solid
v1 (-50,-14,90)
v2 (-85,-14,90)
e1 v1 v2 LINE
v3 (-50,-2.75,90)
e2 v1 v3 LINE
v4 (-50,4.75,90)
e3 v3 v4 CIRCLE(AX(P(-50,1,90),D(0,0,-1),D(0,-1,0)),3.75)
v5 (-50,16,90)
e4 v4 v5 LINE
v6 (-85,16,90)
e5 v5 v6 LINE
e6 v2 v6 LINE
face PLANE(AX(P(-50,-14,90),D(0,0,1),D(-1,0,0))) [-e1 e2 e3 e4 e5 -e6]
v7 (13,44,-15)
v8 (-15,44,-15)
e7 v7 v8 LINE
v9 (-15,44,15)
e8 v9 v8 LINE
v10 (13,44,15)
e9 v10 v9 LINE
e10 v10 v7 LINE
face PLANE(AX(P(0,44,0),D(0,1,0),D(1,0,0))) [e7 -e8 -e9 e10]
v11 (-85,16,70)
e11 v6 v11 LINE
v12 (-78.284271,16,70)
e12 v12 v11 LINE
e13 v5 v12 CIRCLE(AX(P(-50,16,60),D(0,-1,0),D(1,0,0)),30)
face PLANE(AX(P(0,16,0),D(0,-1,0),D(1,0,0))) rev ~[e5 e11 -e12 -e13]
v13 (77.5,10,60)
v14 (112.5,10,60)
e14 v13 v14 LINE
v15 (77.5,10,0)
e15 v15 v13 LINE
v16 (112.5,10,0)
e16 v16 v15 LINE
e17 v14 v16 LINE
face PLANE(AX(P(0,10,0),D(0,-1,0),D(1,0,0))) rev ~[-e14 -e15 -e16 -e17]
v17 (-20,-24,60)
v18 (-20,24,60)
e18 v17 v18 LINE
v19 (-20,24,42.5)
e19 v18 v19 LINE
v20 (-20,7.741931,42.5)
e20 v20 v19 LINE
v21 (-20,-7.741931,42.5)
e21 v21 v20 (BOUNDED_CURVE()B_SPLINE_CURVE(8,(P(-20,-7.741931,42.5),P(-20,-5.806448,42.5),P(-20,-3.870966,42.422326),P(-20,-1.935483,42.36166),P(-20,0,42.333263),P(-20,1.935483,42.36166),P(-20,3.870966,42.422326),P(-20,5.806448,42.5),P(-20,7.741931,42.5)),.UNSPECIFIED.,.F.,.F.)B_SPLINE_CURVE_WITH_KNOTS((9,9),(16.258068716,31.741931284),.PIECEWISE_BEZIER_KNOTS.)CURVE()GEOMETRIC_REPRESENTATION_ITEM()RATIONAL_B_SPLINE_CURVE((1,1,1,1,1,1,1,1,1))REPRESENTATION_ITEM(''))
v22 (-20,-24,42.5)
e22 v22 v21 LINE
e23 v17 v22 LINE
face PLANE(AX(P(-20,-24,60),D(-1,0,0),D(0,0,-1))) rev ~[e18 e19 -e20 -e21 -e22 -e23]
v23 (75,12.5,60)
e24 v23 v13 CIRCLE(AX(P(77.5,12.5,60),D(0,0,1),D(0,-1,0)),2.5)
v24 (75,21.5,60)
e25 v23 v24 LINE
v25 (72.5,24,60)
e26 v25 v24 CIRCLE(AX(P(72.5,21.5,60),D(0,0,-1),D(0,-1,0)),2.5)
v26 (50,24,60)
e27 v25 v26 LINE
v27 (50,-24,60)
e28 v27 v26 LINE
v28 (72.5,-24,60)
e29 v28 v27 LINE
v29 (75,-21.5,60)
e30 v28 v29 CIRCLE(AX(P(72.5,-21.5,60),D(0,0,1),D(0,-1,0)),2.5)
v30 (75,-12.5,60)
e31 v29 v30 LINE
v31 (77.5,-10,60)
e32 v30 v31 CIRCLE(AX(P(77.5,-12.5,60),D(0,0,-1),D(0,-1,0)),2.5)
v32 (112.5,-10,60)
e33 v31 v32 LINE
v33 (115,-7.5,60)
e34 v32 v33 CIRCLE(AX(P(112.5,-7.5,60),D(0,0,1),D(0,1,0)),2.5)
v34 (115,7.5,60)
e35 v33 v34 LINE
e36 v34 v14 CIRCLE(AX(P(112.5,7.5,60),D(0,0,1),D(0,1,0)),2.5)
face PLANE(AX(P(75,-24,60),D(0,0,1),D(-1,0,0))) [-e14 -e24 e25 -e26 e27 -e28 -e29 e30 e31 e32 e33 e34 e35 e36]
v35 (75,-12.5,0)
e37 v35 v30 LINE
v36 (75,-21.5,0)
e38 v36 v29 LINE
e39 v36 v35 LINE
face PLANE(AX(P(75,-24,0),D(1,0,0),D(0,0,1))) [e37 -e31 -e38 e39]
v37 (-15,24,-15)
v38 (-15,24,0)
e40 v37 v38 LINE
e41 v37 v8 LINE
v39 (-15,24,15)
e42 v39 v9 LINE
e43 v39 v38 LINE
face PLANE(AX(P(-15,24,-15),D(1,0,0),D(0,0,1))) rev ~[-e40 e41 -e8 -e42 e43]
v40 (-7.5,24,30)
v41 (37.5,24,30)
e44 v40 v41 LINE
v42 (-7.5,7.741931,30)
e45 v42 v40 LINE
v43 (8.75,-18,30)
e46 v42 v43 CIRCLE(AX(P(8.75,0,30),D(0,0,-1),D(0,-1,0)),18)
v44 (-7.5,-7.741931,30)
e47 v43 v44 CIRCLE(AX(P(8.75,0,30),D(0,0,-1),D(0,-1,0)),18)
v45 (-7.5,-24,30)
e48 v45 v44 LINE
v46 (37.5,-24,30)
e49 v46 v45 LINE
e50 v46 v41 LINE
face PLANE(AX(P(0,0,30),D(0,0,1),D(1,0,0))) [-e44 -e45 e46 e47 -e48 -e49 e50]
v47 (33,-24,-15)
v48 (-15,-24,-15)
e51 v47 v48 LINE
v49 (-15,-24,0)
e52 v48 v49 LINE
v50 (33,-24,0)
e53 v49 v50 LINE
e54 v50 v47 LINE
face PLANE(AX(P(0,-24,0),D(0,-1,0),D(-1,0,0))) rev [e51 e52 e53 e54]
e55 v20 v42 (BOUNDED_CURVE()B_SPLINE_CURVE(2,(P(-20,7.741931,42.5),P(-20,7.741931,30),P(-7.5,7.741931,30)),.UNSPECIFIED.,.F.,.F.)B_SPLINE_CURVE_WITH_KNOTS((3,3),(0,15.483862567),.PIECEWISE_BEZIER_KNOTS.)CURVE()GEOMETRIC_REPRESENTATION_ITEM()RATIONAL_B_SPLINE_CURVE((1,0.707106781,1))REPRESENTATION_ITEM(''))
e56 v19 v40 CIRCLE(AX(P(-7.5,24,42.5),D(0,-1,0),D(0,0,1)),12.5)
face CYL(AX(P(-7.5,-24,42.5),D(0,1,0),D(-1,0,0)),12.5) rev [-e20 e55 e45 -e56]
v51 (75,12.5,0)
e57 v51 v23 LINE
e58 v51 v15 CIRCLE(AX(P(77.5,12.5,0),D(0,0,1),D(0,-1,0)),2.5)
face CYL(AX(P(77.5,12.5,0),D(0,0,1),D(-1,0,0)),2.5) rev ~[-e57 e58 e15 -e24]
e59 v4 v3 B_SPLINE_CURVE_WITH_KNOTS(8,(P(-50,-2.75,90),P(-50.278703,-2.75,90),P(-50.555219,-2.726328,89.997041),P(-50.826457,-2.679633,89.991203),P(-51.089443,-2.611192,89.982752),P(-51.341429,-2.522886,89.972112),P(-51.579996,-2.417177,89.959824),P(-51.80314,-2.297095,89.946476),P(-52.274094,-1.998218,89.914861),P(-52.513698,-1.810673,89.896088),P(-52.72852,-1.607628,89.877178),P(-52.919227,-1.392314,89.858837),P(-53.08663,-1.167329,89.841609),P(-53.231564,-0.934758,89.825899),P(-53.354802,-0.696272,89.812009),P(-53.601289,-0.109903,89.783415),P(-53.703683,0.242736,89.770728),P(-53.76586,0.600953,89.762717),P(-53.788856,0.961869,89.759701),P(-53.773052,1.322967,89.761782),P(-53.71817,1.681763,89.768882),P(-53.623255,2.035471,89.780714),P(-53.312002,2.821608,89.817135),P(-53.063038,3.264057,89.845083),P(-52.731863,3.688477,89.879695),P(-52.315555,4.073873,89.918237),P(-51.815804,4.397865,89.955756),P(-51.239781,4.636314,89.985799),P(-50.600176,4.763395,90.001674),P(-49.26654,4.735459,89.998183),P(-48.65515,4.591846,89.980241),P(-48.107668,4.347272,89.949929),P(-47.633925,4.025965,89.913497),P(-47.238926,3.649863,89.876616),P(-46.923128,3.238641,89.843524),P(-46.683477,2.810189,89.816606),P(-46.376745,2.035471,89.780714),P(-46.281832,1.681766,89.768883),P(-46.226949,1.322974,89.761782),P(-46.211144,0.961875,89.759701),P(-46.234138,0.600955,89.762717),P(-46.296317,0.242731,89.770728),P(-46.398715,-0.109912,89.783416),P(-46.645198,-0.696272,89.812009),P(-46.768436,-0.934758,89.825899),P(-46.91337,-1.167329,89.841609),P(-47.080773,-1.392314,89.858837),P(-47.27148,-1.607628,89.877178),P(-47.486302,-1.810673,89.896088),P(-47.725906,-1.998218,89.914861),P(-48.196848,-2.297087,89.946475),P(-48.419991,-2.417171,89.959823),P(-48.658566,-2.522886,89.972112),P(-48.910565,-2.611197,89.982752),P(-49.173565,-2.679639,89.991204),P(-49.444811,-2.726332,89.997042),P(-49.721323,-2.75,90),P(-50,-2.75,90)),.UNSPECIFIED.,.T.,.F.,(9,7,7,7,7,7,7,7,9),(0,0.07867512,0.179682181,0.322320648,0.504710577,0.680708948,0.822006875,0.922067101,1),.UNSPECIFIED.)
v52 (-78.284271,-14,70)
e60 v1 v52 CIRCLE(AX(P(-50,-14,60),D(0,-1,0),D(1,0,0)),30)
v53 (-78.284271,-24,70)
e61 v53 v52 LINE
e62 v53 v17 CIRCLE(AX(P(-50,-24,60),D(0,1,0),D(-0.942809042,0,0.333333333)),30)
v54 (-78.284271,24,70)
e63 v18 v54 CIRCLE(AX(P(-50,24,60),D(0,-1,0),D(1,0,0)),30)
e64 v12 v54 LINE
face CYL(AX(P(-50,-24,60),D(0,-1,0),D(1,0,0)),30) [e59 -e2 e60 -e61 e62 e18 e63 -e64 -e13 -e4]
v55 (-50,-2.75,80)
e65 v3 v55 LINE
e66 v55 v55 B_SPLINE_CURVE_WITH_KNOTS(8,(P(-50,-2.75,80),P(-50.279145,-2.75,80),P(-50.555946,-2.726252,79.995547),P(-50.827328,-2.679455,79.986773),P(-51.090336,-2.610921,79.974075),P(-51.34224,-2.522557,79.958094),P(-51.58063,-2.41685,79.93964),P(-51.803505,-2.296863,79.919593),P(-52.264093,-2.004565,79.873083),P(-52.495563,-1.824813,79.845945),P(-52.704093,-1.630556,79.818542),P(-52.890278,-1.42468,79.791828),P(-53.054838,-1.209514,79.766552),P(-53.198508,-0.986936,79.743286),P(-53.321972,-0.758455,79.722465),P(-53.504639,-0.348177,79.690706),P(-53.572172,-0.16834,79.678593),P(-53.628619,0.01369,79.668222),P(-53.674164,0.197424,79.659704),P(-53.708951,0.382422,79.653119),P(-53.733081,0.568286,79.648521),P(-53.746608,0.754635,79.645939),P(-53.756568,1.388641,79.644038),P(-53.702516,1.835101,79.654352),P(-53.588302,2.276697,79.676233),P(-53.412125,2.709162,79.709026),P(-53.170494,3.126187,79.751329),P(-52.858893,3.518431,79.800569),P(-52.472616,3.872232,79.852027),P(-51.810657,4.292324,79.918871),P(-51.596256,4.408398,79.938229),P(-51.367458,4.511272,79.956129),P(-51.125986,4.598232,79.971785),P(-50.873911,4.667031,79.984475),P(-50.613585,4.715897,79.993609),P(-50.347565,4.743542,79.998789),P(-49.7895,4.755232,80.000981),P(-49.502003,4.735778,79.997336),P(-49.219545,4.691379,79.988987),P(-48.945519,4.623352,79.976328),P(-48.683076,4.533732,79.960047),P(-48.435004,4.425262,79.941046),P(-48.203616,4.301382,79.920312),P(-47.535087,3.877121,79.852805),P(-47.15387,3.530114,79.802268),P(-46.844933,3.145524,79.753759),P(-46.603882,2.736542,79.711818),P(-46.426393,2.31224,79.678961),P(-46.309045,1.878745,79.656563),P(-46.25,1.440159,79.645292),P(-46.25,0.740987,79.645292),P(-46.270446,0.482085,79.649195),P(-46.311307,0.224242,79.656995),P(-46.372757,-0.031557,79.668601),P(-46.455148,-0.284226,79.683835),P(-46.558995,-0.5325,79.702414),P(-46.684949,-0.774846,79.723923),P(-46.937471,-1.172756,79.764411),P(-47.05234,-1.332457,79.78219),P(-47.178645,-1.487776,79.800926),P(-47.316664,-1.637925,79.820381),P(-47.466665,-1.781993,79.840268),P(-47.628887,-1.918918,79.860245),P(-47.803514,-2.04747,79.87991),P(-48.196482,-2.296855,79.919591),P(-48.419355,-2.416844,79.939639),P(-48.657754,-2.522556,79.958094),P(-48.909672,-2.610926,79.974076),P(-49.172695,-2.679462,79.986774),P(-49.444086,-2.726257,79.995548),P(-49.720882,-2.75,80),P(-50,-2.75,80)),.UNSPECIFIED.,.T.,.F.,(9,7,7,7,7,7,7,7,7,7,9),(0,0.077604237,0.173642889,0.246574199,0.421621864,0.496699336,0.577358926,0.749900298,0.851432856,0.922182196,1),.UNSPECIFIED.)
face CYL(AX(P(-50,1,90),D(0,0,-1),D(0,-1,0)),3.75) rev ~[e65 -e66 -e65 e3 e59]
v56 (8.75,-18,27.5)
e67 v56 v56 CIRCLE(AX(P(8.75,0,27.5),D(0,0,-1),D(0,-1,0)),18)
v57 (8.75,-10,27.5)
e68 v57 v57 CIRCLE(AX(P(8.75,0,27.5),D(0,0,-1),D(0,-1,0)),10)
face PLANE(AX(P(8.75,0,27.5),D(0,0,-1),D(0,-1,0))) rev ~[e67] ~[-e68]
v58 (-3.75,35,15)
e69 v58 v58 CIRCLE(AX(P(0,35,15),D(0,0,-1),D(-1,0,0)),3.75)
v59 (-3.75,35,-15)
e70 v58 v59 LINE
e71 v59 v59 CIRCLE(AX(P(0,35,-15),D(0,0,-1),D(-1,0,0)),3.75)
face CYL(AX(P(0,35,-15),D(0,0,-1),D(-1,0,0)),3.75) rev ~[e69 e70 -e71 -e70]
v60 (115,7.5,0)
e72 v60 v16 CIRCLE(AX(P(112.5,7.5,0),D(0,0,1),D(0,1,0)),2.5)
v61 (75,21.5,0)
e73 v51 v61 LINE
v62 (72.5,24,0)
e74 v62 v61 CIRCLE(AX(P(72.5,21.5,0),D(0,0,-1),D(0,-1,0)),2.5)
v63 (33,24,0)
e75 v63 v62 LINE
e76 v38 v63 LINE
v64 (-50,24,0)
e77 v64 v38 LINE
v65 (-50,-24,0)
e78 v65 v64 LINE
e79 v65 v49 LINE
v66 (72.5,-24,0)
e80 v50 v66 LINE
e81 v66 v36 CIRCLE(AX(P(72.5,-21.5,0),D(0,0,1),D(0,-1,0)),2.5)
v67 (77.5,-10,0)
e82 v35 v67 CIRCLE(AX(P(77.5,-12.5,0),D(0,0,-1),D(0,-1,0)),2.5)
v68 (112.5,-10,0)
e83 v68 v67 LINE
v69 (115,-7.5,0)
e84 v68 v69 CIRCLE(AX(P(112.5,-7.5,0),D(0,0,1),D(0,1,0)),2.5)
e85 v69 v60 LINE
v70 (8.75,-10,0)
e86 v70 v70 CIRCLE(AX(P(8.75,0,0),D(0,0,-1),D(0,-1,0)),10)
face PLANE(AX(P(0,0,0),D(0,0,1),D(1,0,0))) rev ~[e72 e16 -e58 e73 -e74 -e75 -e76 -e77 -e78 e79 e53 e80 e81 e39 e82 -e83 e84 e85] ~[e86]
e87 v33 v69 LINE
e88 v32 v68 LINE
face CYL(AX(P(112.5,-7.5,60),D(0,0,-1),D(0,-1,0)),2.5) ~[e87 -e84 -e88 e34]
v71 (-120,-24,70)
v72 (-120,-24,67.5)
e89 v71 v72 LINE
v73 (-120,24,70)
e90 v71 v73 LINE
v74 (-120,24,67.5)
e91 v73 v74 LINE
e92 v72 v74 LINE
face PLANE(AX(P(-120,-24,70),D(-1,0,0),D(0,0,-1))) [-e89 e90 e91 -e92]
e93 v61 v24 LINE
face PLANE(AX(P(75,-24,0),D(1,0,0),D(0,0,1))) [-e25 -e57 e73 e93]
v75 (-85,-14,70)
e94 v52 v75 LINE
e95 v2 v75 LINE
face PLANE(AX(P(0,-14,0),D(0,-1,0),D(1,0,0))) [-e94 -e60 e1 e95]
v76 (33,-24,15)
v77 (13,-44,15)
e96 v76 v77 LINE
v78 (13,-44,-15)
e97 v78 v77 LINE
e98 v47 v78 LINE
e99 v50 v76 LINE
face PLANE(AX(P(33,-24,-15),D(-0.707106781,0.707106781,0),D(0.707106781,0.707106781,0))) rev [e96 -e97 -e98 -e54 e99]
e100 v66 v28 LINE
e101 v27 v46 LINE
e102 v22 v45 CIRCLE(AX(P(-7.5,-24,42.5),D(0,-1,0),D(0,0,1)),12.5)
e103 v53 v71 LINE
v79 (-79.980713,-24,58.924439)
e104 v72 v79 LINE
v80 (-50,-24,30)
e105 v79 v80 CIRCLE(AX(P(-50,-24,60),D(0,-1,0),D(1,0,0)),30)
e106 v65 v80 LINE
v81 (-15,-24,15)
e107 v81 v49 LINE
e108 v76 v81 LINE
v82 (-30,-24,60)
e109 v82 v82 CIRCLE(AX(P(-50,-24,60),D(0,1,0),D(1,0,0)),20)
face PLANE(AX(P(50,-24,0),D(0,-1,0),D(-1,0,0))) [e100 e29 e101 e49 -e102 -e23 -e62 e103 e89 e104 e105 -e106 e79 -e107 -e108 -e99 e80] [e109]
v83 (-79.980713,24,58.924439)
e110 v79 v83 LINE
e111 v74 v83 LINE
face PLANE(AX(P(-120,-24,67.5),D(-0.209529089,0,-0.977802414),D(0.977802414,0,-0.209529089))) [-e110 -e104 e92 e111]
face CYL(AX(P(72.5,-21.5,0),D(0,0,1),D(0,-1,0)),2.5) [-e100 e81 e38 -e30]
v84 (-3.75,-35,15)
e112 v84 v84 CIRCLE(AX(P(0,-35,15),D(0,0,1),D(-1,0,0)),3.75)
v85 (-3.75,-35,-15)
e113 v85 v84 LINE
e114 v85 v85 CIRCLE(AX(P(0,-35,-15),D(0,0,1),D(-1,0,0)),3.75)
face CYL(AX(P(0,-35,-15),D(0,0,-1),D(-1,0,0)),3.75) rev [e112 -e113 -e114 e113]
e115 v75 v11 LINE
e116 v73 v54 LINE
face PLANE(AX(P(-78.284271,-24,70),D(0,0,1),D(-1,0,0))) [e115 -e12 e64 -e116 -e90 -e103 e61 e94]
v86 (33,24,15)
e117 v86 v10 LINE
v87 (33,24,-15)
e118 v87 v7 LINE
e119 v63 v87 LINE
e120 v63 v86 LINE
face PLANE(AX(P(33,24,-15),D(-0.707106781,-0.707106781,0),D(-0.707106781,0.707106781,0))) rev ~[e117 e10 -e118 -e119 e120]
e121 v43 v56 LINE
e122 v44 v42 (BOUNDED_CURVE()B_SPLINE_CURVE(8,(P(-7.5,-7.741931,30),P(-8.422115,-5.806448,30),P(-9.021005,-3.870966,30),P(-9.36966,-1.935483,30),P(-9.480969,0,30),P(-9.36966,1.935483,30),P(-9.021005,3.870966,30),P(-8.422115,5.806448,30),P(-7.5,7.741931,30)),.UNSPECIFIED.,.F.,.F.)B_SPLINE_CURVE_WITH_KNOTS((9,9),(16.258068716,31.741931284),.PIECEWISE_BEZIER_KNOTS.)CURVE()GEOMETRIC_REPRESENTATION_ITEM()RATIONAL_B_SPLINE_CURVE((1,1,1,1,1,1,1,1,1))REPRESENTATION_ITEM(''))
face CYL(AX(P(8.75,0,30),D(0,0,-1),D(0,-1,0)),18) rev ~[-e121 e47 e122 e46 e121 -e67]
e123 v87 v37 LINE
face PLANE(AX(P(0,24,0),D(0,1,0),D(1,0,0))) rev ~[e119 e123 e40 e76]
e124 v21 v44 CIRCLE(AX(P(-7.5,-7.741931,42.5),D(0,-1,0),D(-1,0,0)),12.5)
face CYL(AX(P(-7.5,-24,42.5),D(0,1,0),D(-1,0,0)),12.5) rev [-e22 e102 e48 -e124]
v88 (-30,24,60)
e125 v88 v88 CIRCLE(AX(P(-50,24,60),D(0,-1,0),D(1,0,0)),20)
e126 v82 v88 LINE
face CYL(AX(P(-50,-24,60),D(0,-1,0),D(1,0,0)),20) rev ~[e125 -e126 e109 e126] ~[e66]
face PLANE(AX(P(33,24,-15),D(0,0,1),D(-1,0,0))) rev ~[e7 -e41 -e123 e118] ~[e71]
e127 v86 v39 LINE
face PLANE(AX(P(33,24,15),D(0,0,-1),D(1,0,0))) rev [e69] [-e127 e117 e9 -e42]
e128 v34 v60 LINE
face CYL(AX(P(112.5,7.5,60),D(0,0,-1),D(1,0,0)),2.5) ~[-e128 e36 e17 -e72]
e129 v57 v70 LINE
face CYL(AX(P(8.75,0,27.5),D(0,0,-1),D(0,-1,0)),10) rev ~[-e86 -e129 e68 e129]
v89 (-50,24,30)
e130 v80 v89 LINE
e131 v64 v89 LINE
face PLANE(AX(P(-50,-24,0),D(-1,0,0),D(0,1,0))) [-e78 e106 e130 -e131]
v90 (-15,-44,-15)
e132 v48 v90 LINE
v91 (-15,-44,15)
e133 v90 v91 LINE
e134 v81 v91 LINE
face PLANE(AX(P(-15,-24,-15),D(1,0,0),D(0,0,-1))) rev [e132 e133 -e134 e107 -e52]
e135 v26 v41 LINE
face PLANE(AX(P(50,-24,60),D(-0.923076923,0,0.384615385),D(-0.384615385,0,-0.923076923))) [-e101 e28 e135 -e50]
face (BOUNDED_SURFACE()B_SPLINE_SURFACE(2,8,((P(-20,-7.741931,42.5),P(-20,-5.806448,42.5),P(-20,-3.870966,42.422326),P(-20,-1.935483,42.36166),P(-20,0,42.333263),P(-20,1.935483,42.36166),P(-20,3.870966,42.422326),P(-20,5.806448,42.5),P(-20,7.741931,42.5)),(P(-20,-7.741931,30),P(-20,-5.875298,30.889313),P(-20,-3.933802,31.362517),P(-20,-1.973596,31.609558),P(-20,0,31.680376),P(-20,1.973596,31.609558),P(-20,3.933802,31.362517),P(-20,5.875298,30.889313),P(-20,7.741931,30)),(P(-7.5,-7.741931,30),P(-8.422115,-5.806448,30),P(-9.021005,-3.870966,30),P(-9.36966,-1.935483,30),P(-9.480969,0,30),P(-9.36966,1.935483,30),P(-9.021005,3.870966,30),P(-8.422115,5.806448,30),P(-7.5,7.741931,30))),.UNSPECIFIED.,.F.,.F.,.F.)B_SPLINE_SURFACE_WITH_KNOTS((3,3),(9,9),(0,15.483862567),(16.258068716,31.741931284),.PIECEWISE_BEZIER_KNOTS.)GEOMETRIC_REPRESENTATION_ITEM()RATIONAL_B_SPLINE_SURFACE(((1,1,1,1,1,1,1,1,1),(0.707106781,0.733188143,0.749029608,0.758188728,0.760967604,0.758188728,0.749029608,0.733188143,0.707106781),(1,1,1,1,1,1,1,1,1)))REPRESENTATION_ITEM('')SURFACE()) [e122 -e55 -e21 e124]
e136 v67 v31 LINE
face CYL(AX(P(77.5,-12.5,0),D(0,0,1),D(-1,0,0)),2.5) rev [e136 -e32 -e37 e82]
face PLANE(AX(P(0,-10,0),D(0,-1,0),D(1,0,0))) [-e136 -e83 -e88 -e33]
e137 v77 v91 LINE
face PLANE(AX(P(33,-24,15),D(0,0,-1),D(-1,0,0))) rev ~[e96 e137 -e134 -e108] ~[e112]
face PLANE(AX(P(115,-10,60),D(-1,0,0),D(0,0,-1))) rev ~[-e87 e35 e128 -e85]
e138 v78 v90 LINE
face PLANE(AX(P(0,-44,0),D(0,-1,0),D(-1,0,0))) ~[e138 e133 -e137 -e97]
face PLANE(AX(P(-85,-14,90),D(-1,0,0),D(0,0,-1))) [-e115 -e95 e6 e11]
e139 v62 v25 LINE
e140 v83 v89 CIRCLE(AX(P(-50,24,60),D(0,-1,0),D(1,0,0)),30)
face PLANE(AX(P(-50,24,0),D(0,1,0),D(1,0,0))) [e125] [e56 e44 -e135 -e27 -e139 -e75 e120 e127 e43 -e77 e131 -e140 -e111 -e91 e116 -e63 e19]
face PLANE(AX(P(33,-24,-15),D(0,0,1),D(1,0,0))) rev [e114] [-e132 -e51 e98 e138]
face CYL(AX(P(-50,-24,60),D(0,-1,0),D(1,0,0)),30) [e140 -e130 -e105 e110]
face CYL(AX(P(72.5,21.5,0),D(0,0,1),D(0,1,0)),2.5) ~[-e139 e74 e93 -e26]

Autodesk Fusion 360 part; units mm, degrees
sketch "Sketch1" plane through (0, 0, 0) normal (0, 0, 1) x (1, 0, 0)
  line L0 (50, -24) -> (-50, -24)
  line L1 (-50, -24) -> (-50, 24)
  line L2 (-50, 24) -> (50, 24)
  line L3 (50, 24) -> (50, -24)
  line L4 (50, -24) -> (-50, 24) construction
  line L5 (-50, -24) -> (50, 24) construction
  dimension "d1" = 100
  dimension "d2" = 48
extrude "Extrude1" add sketch "Sketch1" along normal blind 30
sketch "Sketch2" plane through (0, -24, 0) normal (0, -1, 0) x (1, 0, 0)
  line L0 (-50, 0) -> (50, 0)
  line L1 (50, 0) -> (50, 30)
  line L2 (50, 30) -> (-50, 30)
  line L3 (-50, 30) -> (-50, 0)
  line L4 (50, 0) -> (75, 0)
  line L5 (75, 0) -> (75, 60)
  line L6 (75, 60) -> (50, 60)
  line L7 (50, 60) -> (50, 0)
  line L8 (75, 60) -> (115, 60)
  line L9 (115, 60) -> (115, 0)
  line L10 (115, 0) -> (75, 0)
  line L11 (75, 0) -> (75, 60)
  line L12 (50, 60) -> (37.5, 30)
  circle A0 centre (-50, 60) radius 30
  circle A1 centre (-50, 60) radius 20
  line L13 (-15, 0) -> (33, 0)
  line L14 (33, 0) -> (33, 15)
  line L15 (33, 15) -> (-15, 15)
  line L16 (-15, 15) -> (-15, 0)
  line L17 (-50, 60) -> (-50, 70)
  line L18 (-50, 70) -> (-120, 70)
  line L19 (-120, 70) -> (-120, 67.5)
  line L20 (-120, 67.5) -> (-50, 52.5)
  line L21 (-50, 52.5) -> (-50, 60)
  line L22 (-50, 90) -> (-85, 90)
  line L23 (-85, 90) -> (-85, 70)
  line L24 (-85, 70) -> (-50, 70)
  line L25 (-50, 70) -> (-50, 90)
  line L26 (-20, 60) -> (-20, 30)
  dimension "d5" = 25
  dimension "d6" = 60
  dimension "d7" = 40
  dimension "d8" = 60
  dimension "d9" = 40
  dimension "d10" = 48
  dimension "d11" = 15
  dimension "d12" = 10
  dimension "d13" = 70
  dimension "d14" = 7.5
  dimension "d15" = 35
  dimension "d16" = 12.5
extrude "Extrude2" add sketch "Sketch2" against normal blind 48 contours L2 A0 L26 | A0 A1 L20 L25 | A0 L18 L19 L20 L24 | A0 A1 L18 L20 L24 | L1 L4 L5 L6 L7 L11 | L2 L7 L12 | A0 A1 L18 L24 L25
extrude "Extrude3" add sketch "Sketch2" against normal blind 20 from surface at -14 contours L5 L8 L9 L10 L11
extrude "Extrude4" add sketch "Sketch2" against normal blind 30 from surface at -10 contours A0 L18 L22 L23 L24
extrude "Extrude5" add sketch "Sketch2" along normal blind 20 contours L0 L13 L14 L15 L16
sketch "Sketch3" plane through (0, 0, 15) normal (0, 0, 1) x (-1, 0, 0)
  line L0 (-33, 24) -> (15, 24)
  line L1 (15, 24) -> (15, 44)
  line L2 (15, 44) -> (-33, 44)
  line L3 (-33, 44) -> (-33, 24)
  line L4 (-33, 24) -> (-3.4619, 53.5381)
  line L5 (-33, 24) -> (8.7732, 24) construction
  circle A0 centre (0, 35) radius 3.75
  dimension "d27" = 45
  dimension "d28" = 7.5
  dimension "d29" = 15
extrude "Extrude6" cut sketch "Sketch3" against normal blind 40 contours L2 L3 L4 | A0
mirror "Mirror1" about plane through (0, 0, 0) normal (0, 0, -1) of "Extrude5", "Extrude6"
mirror "Mirror2" about plane through (0, 0, 0) normal (0, 1, 0) of "Extrude5", "Mirror1"
hole "Hole1" at (-50, 1, 90) direction (0, 0, -1) diameter 7.5 depth 30 tip angle 180
hole "Hole2" at (8.75, 0, 30) direction (0, 0, -1) diameter 20 depth 60 tip angle 180 counterbore diameter 36 counterbore depth 2.5
fillet "Fillet1" radius 12.5 1 edges at (-20, 0, 30)
fillet "Fillet2" radius 2.5 6 edges at (75, -10, 30) (75, 10, 30) (75, 24, 30) (115, 10, 30) (115, -10, 30) (75, -24, 30)
